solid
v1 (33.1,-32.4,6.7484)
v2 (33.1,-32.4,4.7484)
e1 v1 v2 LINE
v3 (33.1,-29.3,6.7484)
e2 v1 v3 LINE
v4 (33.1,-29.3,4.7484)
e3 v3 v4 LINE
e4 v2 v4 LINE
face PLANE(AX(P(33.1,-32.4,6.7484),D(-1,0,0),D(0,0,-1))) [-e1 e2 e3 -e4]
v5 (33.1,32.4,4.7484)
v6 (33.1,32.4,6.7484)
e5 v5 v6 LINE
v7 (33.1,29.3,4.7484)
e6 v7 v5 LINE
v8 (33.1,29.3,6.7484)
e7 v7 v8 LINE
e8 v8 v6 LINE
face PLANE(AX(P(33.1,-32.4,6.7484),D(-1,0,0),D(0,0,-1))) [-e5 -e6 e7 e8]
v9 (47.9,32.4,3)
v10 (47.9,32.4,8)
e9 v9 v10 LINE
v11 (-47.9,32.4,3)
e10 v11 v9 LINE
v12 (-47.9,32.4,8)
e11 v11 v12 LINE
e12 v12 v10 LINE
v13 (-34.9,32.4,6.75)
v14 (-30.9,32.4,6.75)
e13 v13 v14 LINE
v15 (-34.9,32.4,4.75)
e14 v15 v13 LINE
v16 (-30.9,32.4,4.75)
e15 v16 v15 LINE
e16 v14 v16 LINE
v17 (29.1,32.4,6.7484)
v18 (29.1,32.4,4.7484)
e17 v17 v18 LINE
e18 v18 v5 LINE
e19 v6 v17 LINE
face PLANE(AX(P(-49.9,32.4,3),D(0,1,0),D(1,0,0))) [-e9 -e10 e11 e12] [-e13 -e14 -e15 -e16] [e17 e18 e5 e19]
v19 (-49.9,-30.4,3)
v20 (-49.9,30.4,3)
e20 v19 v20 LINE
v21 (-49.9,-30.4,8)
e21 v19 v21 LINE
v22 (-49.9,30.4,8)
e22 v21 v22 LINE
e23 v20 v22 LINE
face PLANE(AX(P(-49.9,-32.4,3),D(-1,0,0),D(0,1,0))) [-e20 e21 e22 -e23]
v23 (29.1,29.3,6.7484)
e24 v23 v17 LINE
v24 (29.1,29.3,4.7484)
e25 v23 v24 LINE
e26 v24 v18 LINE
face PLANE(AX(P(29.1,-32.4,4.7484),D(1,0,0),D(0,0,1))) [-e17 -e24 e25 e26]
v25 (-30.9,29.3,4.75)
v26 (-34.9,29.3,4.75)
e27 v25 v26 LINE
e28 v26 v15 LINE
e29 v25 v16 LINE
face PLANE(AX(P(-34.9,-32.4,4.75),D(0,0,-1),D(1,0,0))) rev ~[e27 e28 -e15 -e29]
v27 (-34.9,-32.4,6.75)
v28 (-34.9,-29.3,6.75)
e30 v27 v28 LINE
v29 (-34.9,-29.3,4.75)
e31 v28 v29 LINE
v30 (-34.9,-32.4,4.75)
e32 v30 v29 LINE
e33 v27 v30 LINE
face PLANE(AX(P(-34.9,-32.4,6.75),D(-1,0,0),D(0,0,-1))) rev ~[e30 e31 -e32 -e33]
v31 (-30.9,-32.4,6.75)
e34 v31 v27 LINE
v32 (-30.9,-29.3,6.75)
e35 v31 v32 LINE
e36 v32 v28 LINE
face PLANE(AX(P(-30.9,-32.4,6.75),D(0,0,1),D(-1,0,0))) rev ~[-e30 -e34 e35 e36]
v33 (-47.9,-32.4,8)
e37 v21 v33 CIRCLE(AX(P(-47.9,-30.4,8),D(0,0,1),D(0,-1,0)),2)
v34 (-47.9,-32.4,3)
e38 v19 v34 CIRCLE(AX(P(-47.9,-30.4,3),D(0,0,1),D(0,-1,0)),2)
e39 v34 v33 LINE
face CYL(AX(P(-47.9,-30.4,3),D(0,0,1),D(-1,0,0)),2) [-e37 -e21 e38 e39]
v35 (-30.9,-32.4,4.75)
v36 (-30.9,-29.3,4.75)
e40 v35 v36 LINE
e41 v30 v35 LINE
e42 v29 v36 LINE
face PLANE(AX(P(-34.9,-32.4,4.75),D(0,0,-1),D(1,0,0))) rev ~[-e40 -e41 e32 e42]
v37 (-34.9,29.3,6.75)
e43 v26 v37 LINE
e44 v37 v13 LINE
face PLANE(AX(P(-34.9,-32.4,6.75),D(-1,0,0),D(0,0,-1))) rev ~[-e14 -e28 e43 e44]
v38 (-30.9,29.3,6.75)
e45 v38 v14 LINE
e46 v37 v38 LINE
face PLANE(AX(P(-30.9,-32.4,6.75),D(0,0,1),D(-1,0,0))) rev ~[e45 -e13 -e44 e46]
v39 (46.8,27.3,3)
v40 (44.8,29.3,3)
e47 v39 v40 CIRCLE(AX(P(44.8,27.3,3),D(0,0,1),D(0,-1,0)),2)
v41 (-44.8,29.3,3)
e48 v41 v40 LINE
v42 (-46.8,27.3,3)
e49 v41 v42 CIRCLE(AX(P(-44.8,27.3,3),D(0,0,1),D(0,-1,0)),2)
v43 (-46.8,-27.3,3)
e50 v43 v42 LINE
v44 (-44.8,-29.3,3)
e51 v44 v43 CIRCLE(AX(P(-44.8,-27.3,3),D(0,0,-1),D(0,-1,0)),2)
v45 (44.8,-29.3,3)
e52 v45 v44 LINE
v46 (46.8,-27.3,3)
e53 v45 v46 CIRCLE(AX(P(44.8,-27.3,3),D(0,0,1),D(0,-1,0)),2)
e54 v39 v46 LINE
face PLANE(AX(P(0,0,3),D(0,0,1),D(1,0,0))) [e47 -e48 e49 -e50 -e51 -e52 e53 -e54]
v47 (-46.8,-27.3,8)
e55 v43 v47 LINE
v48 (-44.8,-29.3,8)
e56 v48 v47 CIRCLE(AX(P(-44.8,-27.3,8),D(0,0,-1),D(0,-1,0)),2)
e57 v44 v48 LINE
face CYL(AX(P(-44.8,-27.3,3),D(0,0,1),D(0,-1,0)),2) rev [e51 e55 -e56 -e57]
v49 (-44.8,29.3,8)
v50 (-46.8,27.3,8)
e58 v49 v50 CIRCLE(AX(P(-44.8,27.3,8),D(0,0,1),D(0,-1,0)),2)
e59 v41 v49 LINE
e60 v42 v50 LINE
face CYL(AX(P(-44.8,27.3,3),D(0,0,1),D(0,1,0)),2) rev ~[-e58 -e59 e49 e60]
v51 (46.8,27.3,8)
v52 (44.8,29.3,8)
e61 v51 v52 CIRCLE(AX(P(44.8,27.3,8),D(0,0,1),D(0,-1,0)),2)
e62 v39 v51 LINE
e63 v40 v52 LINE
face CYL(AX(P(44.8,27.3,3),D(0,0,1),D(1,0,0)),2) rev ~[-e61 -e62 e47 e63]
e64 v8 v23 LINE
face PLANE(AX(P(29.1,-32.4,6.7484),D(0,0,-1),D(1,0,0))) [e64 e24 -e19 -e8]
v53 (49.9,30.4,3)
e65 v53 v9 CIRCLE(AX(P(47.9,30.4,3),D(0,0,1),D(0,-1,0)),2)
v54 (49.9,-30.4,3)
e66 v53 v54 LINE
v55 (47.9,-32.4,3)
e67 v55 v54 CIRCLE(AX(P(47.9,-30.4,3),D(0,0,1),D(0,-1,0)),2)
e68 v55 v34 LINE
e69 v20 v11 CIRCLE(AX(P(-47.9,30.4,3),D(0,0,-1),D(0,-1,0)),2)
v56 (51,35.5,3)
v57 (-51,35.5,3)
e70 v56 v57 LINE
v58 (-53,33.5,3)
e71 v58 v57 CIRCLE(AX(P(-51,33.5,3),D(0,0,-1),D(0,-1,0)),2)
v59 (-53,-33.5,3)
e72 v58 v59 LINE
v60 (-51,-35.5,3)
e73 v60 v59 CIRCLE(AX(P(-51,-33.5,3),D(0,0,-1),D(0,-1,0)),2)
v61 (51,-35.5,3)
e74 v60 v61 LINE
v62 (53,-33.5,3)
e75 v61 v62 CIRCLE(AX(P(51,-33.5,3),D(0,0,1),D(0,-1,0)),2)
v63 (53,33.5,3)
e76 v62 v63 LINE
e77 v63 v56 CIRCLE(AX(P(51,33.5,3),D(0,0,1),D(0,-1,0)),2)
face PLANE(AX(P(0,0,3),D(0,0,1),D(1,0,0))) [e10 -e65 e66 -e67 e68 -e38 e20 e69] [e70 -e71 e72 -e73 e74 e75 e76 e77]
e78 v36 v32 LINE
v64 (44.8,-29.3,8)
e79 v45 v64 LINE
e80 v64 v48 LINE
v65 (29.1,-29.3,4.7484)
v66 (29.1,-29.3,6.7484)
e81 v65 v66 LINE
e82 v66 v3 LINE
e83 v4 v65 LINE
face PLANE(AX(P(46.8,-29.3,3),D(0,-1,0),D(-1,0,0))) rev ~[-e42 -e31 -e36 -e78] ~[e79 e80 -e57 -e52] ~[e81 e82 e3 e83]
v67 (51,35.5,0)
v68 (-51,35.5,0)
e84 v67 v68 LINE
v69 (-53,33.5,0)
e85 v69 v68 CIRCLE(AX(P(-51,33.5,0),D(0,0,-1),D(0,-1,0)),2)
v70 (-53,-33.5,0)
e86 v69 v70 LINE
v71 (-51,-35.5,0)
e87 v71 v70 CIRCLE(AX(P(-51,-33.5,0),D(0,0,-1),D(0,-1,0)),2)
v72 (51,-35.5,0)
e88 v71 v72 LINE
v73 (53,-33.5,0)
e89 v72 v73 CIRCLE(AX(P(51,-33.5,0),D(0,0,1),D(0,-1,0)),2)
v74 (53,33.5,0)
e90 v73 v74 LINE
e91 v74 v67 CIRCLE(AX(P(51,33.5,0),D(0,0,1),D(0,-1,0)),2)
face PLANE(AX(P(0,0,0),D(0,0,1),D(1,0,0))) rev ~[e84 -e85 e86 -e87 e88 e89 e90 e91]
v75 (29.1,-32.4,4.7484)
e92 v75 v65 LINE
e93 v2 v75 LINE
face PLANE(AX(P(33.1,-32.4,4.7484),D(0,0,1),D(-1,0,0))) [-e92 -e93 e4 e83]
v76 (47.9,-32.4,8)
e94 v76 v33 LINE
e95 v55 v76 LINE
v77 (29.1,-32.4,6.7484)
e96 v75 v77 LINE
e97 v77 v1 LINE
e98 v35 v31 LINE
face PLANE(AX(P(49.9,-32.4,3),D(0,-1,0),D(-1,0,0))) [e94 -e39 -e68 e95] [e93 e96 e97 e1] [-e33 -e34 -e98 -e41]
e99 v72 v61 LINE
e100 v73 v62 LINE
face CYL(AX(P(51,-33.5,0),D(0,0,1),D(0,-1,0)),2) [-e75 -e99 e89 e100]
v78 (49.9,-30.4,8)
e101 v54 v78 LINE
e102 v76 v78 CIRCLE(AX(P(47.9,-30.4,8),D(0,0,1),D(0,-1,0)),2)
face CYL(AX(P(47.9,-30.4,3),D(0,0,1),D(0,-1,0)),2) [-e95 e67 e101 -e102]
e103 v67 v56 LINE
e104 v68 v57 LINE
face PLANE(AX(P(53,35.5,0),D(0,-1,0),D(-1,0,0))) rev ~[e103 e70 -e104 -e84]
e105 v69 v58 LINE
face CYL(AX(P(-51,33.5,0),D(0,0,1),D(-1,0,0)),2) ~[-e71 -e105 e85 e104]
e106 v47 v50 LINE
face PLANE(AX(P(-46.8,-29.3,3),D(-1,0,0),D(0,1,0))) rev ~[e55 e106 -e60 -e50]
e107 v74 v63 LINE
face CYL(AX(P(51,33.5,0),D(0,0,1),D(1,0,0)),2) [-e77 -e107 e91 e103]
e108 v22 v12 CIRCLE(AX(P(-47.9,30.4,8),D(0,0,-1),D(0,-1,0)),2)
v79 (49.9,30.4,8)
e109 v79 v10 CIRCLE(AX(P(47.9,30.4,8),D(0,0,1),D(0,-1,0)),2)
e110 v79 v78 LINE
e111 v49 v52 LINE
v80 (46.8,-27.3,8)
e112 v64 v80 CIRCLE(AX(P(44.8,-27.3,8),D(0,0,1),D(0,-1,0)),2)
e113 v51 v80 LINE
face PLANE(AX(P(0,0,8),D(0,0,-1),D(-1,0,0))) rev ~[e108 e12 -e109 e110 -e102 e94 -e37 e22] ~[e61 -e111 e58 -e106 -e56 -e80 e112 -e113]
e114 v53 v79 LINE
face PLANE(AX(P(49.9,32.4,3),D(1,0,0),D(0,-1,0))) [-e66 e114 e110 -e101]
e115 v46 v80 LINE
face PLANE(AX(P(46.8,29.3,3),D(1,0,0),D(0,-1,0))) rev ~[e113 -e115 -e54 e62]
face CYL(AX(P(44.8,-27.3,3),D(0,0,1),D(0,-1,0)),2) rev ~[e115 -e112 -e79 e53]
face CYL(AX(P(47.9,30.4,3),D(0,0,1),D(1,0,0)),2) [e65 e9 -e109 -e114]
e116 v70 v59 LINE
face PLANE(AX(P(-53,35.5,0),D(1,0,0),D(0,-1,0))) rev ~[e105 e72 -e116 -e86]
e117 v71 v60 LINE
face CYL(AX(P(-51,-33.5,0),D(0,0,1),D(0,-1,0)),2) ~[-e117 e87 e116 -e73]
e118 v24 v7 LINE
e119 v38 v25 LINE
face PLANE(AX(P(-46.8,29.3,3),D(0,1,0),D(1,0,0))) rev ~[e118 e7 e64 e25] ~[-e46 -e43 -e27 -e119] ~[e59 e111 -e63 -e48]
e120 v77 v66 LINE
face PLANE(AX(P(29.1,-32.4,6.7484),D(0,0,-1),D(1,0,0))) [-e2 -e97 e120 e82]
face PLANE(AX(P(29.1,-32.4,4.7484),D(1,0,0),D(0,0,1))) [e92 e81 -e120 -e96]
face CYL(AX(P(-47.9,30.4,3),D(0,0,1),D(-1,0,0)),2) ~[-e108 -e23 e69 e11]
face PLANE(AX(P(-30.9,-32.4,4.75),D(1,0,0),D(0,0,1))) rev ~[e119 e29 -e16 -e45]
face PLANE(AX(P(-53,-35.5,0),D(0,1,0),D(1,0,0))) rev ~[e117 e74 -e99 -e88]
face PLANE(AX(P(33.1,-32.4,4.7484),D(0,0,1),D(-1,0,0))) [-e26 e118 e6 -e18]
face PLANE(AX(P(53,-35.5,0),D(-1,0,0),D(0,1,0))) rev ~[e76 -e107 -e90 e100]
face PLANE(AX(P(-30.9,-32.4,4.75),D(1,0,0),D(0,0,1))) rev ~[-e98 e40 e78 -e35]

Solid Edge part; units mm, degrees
sketch "Sketch1" plane through (0, 0, 0) normal (0, 0, 1) x (1, 0, 0)
  line L0 (-53, -35.5) -> (53, -35.5)
  line L1 (53, -35.5) -> (53, 35.5)
  line L2 (53, 35.5) -> (-53, 35.5)
  line L3 (-53, 35.5) -> (-53, -35.5)
extrude "Protrusion1" add sketch "Sketch1" along normal blind 3
sketch "Sketch2" plane through (0, 0, 3) normal (0, 0, 1) x (0, -1, 0)
  line L0 (-32.4, -49.9) -> (-32.4, 49.9)
  line L1 (-32.4, 49.9) -> (32.4, 49.9)
  line L2 (32.4, 49.9) -> (32.4, -49.9)
  line L3 (32.4, -49.9) -> (-32.4, -49.9)
  line L4 (-29.3, -46.8) -> (-29.3, 46.8)
  line L5 (-29.3, 46.8) -> (29.3, 46.8)
  line L6 (29.3, 46.8) -> (29.3, -46.8)
  line L7 (29.3, -46.8) -> (-29.3, -46.8)
  dimension "D1" = 3.1
extrude "ExtrudedProtrusion_2" add sketch "Sketch2" along normal blind 5
fillet "Round_1" radius 2 4 edges at (53, -35.5, 1.5) (53, 35.5, 1.5) (-53, 35.5, 1.5) (-53, -35.5, 1.5)
fillet "Round_2" radius 2 8 edges at (49.9, -32.4, 5.5) (49.9, 32.4, 5.5) (-49.9, 32.4, 5.5) (-49.9, -32.4, 5.5) (-46.8, -29.3, 5.5) (46.8, -29.3, 5.5) (46.8, 29.3, 5.5) (-46.8, 29.3, 5.5)
sketch "Sketch3" plane through (0, -32.4, 5.5) normal (0, -1, 0) x (-1, 0, 0)
  line L0 (34.9, 0.75) -> (30.9, 0.75)
  line L1 (30.9, 0.75) -> (30.9, -1.25)
  line L2 (30.9, -1.25) -> (34.9, -1.25)
  line L3 (34.9, -1.25) -> (34.9, 0.75)
  line L4 (-33.1, 0.7516) -> (-29.1, 0.7516)
  line L5 (-29.1, 0.7516) -> (-29.1, -1.2484)
  line L6 (-29.1, -1.2484) -> (-33.1, -1.2484)
  line L7 (-33.1, -1.2484) -> (-33.1, 0.7516)
  dimension "D1" = 1.7484
  dimension "D2" = 1.75
  dimension "D3" = 60
  dimension "D4" = 4
  dimension "D5" = 2
  dimension "D6" = 2
  dimension "D7" = 4
  dimension "D8" = 15
extrude "ExtrudedCutout_1" cut sketch "Sketch3" against normal blind 125.4753
